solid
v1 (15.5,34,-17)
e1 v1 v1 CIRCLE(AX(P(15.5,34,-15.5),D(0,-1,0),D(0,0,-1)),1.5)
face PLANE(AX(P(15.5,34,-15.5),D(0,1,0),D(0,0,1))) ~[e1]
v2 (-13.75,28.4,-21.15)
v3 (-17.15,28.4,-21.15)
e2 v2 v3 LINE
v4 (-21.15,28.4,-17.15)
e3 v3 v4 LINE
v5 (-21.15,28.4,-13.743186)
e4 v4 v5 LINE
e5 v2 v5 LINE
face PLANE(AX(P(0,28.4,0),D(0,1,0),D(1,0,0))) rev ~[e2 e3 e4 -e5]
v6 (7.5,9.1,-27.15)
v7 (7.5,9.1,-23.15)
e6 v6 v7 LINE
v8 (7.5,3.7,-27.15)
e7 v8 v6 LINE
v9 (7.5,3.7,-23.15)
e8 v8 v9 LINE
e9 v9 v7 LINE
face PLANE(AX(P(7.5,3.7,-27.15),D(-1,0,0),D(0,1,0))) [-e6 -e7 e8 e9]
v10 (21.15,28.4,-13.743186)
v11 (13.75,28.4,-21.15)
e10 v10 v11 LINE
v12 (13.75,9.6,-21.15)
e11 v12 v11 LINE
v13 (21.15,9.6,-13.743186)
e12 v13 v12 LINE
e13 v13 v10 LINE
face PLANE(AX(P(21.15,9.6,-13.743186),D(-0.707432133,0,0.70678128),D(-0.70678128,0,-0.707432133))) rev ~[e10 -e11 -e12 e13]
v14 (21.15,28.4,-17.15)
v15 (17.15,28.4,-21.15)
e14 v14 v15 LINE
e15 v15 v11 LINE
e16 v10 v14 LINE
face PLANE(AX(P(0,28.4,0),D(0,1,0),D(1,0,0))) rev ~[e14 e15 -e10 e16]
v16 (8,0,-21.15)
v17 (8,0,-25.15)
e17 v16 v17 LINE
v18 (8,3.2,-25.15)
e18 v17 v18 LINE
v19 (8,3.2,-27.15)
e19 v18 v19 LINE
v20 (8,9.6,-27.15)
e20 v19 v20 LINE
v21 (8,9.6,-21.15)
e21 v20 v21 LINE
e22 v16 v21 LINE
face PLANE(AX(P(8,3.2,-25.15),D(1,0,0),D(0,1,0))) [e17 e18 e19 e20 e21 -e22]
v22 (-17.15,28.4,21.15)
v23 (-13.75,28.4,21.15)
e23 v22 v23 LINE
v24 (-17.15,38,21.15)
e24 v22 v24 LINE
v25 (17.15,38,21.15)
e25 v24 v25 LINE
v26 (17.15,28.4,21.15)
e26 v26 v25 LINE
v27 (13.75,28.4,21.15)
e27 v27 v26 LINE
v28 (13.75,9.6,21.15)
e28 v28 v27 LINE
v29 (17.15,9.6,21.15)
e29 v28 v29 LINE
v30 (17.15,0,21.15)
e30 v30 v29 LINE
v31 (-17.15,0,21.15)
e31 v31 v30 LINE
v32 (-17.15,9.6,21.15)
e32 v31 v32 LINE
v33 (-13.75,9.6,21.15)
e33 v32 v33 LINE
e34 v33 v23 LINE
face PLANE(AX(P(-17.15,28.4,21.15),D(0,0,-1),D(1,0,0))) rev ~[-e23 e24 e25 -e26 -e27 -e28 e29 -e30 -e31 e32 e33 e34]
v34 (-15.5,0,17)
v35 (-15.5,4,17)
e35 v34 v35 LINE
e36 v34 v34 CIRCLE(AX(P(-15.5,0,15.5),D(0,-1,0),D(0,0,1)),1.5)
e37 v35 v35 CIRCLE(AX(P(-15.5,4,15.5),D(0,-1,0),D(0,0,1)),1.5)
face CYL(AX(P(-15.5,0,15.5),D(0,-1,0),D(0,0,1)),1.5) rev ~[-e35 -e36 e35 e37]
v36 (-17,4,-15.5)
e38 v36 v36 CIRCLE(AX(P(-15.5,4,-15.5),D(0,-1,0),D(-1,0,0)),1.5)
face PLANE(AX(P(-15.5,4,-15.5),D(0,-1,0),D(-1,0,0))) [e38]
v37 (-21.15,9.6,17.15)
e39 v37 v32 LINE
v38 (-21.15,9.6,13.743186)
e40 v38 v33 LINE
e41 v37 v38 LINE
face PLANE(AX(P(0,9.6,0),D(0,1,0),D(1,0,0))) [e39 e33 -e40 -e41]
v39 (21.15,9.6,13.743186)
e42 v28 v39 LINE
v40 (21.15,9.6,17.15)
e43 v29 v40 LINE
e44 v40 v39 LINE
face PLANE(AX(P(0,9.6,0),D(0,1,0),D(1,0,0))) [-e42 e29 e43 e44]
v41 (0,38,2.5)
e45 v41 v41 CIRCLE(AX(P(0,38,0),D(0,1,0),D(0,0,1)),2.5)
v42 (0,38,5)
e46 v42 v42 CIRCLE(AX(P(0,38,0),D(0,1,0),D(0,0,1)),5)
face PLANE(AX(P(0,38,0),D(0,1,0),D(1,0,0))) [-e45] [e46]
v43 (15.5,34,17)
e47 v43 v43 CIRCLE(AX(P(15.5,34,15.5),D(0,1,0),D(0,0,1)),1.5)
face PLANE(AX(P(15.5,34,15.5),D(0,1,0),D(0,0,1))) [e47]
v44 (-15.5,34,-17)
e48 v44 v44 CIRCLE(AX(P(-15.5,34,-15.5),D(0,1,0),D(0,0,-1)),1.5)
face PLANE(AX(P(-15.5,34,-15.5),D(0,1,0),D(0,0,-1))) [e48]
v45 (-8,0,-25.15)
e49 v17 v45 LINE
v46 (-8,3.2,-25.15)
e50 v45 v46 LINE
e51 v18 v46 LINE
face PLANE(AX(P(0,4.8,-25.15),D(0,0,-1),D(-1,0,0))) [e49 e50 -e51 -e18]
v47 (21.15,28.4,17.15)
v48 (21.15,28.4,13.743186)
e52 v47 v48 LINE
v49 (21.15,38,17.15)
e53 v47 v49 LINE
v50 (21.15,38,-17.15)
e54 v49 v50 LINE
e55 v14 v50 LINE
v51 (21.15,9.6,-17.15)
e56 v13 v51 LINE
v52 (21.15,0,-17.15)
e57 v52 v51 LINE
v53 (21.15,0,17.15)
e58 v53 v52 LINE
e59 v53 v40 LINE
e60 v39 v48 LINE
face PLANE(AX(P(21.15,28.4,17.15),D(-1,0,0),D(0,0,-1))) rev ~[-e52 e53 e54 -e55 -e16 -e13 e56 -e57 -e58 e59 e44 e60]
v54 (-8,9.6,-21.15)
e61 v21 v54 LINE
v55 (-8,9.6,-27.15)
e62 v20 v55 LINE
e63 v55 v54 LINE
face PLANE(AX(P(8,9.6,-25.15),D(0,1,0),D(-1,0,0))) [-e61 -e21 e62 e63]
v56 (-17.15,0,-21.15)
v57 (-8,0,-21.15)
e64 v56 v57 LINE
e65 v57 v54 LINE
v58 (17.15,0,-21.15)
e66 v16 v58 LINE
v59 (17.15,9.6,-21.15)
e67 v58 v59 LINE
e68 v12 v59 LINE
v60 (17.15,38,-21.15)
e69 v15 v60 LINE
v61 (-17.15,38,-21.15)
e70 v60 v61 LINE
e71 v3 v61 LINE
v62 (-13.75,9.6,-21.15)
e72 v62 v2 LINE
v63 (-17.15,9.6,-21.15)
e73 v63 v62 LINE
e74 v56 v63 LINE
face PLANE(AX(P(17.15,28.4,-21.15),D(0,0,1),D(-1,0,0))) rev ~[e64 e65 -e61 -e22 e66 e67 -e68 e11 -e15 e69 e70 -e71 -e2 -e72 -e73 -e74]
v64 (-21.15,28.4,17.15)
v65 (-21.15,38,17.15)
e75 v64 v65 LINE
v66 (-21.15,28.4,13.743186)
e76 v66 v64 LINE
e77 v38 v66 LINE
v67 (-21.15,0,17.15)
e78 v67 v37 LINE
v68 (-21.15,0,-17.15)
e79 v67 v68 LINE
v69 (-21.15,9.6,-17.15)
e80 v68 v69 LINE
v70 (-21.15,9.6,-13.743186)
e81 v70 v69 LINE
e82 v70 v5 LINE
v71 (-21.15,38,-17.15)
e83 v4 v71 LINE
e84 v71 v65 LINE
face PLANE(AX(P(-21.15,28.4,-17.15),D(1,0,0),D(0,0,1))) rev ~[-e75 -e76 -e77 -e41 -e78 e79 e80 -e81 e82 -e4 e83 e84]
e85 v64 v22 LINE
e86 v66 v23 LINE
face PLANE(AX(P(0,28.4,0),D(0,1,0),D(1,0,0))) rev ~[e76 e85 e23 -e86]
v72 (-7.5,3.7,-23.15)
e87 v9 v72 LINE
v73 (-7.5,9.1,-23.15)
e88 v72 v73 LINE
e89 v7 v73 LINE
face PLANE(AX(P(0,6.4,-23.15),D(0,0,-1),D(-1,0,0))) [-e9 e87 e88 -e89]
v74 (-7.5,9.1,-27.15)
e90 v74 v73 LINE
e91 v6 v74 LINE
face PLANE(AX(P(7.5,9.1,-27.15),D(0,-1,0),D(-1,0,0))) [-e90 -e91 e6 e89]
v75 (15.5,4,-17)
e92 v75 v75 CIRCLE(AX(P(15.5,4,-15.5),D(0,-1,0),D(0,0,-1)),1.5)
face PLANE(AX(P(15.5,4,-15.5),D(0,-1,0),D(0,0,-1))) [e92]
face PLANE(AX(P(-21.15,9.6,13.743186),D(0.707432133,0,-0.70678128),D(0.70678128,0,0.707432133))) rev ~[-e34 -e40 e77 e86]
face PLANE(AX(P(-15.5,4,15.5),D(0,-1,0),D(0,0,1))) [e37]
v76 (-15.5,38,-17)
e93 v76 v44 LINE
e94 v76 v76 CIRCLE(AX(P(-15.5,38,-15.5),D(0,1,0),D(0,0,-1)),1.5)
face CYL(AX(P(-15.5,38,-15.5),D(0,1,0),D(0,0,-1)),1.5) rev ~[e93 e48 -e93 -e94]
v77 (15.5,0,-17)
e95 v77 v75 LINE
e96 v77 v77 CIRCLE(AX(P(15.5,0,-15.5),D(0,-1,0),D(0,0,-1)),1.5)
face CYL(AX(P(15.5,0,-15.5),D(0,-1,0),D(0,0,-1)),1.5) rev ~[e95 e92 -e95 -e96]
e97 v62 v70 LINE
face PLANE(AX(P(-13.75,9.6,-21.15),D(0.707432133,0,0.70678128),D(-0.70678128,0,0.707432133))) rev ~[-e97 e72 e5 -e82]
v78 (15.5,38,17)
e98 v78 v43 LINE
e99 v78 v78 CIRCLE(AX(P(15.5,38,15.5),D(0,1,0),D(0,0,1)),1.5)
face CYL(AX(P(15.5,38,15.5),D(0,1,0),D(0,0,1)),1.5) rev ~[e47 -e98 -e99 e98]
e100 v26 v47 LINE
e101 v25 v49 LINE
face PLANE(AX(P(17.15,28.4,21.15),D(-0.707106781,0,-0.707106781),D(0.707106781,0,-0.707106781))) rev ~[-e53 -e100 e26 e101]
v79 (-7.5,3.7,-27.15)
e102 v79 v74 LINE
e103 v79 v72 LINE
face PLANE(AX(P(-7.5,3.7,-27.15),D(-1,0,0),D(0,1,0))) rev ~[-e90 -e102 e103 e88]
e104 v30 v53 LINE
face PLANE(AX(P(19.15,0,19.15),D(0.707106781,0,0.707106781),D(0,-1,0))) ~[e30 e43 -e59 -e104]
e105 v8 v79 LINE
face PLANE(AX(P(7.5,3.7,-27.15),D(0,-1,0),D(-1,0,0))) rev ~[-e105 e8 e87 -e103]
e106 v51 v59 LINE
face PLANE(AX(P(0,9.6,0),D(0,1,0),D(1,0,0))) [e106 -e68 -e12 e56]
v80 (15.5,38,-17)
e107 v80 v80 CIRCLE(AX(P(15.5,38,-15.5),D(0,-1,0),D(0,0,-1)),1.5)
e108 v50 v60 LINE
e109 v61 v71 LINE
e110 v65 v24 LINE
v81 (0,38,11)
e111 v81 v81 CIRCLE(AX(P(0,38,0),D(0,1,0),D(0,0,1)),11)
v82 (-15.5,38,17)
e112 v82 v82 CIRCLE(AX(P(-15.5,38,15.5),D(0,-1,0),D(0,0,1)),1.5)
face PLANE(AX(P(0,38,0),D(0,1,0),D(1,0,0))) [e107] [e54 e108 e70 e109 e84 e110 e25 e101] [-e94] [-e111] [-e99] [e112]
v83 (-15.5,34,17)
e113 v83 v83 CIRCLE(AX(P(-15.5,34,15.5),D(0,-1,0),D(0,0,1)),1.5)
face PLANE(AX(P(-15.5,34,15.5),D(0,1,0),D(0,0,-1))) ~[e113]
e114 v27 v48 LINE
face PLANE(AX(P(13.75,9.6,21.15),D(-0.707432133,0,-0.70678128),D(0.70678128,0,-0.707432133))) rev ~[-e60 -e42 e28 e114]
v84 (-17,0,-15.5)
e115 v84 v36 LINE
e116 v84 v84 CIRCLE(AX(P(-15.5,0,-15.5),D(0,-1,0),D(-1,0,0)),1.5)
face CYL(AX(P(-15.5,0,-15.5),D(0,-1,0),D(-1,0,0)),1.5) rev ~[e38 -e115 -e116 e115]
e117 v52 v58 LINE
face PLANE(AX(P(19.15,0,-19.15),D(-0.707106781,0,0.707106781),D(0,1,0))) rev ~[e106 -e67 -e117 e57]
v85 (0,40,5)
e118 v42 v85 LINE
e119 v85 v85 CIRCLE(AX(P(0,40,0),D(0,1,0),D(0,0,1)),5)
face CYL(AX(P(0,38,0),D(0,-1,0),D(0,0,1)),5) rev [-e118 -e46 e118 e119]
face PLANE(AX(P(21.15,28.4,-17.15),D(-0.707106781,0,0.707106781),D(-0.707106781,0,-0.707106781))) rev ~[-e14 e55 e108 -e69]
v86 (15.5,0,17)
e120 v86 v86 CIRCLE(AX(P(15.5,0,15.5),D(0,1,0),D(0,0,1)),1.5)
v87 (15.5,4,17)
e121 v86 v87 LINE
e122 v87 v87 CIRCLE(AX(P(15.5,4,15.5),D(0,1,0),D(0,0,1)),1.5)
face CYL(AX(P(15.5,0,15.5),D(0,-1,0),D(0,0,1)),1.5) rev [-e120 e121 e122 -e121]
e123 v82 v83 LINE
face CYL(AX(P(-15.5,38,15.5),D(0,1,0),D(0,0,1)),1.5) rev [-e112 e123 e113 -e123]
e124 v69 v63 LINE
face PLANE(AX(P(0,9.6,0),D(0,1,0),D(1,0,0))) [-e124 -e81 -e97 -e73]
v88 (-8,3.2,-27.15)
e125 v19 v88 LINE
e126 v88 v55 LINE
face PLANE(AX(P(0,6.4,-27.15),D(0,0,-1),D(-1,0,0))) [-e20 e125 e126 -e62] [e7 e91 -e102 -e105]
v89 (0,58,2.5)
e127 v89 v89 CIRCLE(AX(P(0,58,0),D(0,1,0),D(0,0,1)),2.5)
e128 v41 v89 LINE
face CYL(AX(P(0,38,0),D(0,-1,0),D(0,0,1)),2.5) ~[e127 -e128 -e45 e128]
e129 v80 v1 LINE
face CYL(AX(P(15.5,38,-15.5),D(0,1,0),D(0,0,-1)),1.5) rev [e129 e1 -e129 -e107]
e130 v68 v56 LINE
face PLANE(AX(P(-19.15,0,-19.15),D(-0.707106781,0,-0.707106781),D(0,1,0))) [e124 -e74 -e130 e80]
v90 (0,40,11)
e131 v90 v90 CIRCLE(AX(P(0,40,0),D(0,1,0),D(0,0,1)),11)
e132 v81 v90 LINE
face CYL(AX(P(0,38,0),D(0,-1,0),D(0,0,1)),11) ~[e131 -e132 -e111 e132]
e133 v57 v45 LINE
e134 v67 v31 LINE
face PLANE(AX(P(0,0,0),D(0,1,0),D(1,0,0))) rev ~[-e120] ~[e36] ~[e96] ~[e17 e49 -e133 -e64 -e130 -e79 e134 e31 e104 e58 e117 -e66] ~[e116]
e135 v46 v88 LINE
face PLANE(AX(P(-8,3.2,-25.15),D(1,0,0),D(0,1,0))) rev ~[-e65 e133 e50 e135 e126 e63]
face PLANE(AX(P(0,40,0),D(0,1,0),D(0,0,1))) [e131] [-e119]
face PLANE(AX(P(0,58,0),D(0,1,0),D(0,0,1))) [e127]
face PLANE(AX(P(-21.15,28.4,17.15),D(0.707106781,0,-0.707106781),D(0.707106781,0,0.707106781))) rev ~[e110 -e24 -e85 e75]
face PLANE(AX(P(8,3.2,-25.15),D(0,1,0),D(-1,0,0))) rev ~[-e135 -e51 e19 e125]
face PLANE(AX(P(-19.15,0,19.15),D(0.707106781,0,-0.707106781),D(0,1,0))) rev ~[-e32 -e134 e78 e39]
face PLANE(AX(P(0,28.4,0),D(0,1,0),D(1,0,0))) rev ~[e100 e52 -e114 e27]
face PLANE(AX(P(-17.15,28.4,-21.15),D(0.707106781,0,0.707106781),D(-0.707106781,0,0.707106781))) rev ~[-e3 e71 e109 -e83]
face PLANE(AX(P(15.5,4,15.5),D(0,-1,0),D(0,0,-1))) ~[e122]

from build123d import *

# Parameters (mm, degrees)
SKETCH1_W               = 42.3
SKETCH1_H               = 42.3
BOSS_EXTRUDE1_DEPTH     = 9.6
CHAMFER1_SIZE           = 4
BOSS_EXTRUDE2_DEPTH     = 18.8
BOSS_EXTRUDE3_DEPTH     = 9.6
SKETCH4_R               = 11
SKETCH4_R_2             = 5
BOSS_EXTRUDE4_DEPTH     = 2
SKETCH5_R               = 2.5
BOSS_EXTRUDE5_DEPTH     = 20
SKETCH8_R               = 1.5
CUT_EXTRUDE1_DEPTH      = 4
MIRROR2_COPY_1_SKETCH_R = 1.5
MIRROR2_COPY_1_DEPTH    = 4
MIRROR3_COPY_1_SKETCH_R = 1.5
MIRROR3_COPY_1_DEPTH    = 4
MIRROR3_COPY_2_SKETCH_R = 1.5
MIRROR3_COPY_2_DEPTH    = 4
MIRROR3_COPY_3_SKETCH_R = 1.5
MIRROR3_COPY_3_DEPTH    = 4
SKETCH9_W               = 16
SKETCH9_H               = 9.6
BOSS_EXTRUDE6_DEPTH     = 4
SKETCH10_W              = 16
SKETCH10_H              = 6.4
BOSS_EXTRUDE7_DEPTH     = 2
SKETCH11_W              = 15
SKETCH11_H              = 5.4
CUT_EXTRUDE2_DEPTH      = 4


with BuildPart() as part:
    # Sketch1 → Boss-Extrude1 (new body)
    with BuildSketch(Plane(origin=(0, 0, 0), x_dir=(1, 0, 0), z_dir=(0, 1, 0))):
        Rectangle(SKETCH1_W, SKETCH1_H)
    extrude(amount=BOSS_EXTRUDE1_DEPTH)

    # Chamfer1
    chamfer1_edges = [part.edges().sort_by_distance(p)[0] for p in [
        (-21.15, 4.8, -21.15),
        (21.15, 4.8, -21.15),
        (21.15, 4.8, 21.15),
        (-21.15, 4.8, 21.15),
    ]]
    chamfer(chamfer1_edges, length=CHAMFER1_SIZE)

    # Sketch2 → Boss-Extrude2 (add)
    with BuildSketch(Plane(origin=(0, 9.6, 0), x_dir=(1, 0, 0), z_dir=(0, 1, 0))):
        Polygon((13.75, -21.15), (21.15, -13.74318557), (21.15, 13.74318557), (13.75, 21.15), (-13.75, 21.15), (-21.15, 13.74318557), (-21.15, -13.74318557), (-13.75, -21.15), align=None)
    extrude(amount=BOSS_EXTRUDE2_DEPTH)

    # Sketch3 → Boss-Extrude3 (add)
    with BuildSketch(Plane(origin=(0, 28.4, 0), x_dir=(1, 0, 0), z_dir=(0, 1, 0))):
        Polygon((17.15, 21.15), (-17.15, 21.15), (-21.15, 17.15), (-21.15, -17.15), (-17.15, -21.15), (17.15, -21.15), (21.15, -17.15), (21.15, 17.15), align=None)
    extrude(amount=BOSS_EXTRUDE3_DEPTH)

    # Sketch4 → Boss-Extrude4 (add)
    with BuildSketch(Plane(origin=(0, 38, 0), x_dir=(1, 0, 0), z_dir=(0, 1, 0))):
        with Locations(Location((0, 0, 0), (0, 0, 270))):
            Circle(SKETCH4_R)
        with Locations(Location((0, 0, 0), (0, 0, 270))):
            Circle(SKETCH4_R_2, mode=Mode.SUBTRACT)
    extrude(amount=BOSS_EXTRUDE4_DEPTH)

    # Sketch5 → Boss-Extrude5 (add)
    with BuildSketch(Plane(origin=(0, 38, 0), x_dir=(1, 0, 0), z_dir=(0, 1, 0))):
        with Locations(Location((0, 0, 0), (0, 0, 270))):
            Circle(SKETCH5_R)
    extrude(amount=BOSS_EXTRUDE5_DEPTH)

    # Sketch8 → Cut-Extrude1 (cut)
    with BuildSketch(Plane(origin=(0, 38, 0), x_dir=(1, 0, 0), z_dir=(0, 1, 0))):
        with Locations(Location((15.5, -15.5, 0), (0, 0, 270))):
            Circle(SKETCH8_R)
    cut_extrude1 = extrude(amount=-CUT_EXTRUDE1_DEPTH, mode=Mode.SUBTRACT)

    # Mirror1: Cut-Extrude1 across plane
    add(cut_extrude1.mirror(Plane.XY), mode=Mode.SUBTRACT)

    # Mirror2: Cut-Extrude1 across plane
    add(cut_extrude1.mirror(Plane(origin=(0, 0, 0), x_dir=(0, 0, 1), z_dir=(1, 0, 0))), mode=Mode.SUBTRACT)

    # Mirror2 copy 1 sketch → Mirror2 copy 1 (cut)
    with BuildSketch(Plane(origin=(0, 38, 0), x_dir=(-1, 0, 0), z_dir=(0, 1, 0))):
        with Locations(Location((15.5, -15.5, 0), (0, 0, 270))):
            Circle(MIRROR2_COPY_1_SKETCH_R)
    extrude(amount=-MIRROR2_COPY_1_DEPTH, mode=Mode.SUBTRACT)

    # Mirror3: Cut-Extrude1 across plane
    add(cut_extrude1.mirror(Plane.ZX.offset(19)), mode=Mode.SUBTRACT)

    # Mirror3 copy 1 sketch → Mirror3 copy 1 (cut)
    with BuildSketch(Plane.XZ):
        with Locations(Location((15.5, -15.5, 0), (0, 0, 270))):
            Circle(MIRROR3_COPY_1_SKETCH_R)
    extrude(amount=-MIRROR3_COPY_1_DEPTH, mode=Mode.SUBTRACT)

    # Mirror3 copy 2 sketch → Mirror3 copy 2 (cut)
    with BuildSketch(Plane(origin=(0, 0, 0), x_dir=(-1, 0, 0), z_dir=(0, -1, 0))):
        with Locations(Location((15.5, -15.5, 0), (0, 0, 270))):
            Circle(MIRROR3_COPY_2_SKETCH_R)
    extrude(amount=-MIRROR3_COPY_2_DEPTH, mode=Mode.SUBTRACT)

    # Mirror3 copy 3 sketch → Mirror3 copy 3 (cut)
    with BuildSketch(Plane(origin=(0, 0, 0), x_dir=(-1, 0, 0), z_dir=(0, -1, 0))):
        with Locations((15.5, 15.5)):
            Circle(MIRROR3_COPY_3_SKETCH_R)
    extrude(amount=-MIRROR3_COPY_3_DEPTH, mode=Mode.SUBTRACT)

    # Sketch9 → Boss-Extrude6 (add)
    with BuildSketch(Plane(origin=(0, 0, -21.15), x_dir=(-1, 0, 0), z_dir=(0, 0, -1))):
        with Locations((0, 4.8)):
            Rectangle(SKETCH9_W, SKETCH9_H)
    extrude(amount=BOSS_EXTRUDE6_DEPTH)

    # Sketch10 → Boss-Extrude7 (add)
    with BuildSketch(Plane(origin=(0, 0, -25.15), x_dir=(-1, 0, 0), z_dir=(0, 0, -1))):
        with Locations((0, 6.4)):
            Rectangle(SKETCH10_W, SKETCH10_H)
    extrude(amount=BOSS_EXTRUDE7_DEPTH)

    # Sketch11 → Cut-Extrude2 (cut)
    with BuildSketch(Plane(origin=(0, 0, -27.15), x_dir=(-1, 0, 0), z_dir=(0, 0, -1))):
        with Locations((0, 6.4)):
            Rectangle(SKETCH11_W, SKETCH11_H)
    extrude(amount=-CUT_EXTRUDE2_DEPTH, mode=Mode.SUBTRACT)


solid = part.part
